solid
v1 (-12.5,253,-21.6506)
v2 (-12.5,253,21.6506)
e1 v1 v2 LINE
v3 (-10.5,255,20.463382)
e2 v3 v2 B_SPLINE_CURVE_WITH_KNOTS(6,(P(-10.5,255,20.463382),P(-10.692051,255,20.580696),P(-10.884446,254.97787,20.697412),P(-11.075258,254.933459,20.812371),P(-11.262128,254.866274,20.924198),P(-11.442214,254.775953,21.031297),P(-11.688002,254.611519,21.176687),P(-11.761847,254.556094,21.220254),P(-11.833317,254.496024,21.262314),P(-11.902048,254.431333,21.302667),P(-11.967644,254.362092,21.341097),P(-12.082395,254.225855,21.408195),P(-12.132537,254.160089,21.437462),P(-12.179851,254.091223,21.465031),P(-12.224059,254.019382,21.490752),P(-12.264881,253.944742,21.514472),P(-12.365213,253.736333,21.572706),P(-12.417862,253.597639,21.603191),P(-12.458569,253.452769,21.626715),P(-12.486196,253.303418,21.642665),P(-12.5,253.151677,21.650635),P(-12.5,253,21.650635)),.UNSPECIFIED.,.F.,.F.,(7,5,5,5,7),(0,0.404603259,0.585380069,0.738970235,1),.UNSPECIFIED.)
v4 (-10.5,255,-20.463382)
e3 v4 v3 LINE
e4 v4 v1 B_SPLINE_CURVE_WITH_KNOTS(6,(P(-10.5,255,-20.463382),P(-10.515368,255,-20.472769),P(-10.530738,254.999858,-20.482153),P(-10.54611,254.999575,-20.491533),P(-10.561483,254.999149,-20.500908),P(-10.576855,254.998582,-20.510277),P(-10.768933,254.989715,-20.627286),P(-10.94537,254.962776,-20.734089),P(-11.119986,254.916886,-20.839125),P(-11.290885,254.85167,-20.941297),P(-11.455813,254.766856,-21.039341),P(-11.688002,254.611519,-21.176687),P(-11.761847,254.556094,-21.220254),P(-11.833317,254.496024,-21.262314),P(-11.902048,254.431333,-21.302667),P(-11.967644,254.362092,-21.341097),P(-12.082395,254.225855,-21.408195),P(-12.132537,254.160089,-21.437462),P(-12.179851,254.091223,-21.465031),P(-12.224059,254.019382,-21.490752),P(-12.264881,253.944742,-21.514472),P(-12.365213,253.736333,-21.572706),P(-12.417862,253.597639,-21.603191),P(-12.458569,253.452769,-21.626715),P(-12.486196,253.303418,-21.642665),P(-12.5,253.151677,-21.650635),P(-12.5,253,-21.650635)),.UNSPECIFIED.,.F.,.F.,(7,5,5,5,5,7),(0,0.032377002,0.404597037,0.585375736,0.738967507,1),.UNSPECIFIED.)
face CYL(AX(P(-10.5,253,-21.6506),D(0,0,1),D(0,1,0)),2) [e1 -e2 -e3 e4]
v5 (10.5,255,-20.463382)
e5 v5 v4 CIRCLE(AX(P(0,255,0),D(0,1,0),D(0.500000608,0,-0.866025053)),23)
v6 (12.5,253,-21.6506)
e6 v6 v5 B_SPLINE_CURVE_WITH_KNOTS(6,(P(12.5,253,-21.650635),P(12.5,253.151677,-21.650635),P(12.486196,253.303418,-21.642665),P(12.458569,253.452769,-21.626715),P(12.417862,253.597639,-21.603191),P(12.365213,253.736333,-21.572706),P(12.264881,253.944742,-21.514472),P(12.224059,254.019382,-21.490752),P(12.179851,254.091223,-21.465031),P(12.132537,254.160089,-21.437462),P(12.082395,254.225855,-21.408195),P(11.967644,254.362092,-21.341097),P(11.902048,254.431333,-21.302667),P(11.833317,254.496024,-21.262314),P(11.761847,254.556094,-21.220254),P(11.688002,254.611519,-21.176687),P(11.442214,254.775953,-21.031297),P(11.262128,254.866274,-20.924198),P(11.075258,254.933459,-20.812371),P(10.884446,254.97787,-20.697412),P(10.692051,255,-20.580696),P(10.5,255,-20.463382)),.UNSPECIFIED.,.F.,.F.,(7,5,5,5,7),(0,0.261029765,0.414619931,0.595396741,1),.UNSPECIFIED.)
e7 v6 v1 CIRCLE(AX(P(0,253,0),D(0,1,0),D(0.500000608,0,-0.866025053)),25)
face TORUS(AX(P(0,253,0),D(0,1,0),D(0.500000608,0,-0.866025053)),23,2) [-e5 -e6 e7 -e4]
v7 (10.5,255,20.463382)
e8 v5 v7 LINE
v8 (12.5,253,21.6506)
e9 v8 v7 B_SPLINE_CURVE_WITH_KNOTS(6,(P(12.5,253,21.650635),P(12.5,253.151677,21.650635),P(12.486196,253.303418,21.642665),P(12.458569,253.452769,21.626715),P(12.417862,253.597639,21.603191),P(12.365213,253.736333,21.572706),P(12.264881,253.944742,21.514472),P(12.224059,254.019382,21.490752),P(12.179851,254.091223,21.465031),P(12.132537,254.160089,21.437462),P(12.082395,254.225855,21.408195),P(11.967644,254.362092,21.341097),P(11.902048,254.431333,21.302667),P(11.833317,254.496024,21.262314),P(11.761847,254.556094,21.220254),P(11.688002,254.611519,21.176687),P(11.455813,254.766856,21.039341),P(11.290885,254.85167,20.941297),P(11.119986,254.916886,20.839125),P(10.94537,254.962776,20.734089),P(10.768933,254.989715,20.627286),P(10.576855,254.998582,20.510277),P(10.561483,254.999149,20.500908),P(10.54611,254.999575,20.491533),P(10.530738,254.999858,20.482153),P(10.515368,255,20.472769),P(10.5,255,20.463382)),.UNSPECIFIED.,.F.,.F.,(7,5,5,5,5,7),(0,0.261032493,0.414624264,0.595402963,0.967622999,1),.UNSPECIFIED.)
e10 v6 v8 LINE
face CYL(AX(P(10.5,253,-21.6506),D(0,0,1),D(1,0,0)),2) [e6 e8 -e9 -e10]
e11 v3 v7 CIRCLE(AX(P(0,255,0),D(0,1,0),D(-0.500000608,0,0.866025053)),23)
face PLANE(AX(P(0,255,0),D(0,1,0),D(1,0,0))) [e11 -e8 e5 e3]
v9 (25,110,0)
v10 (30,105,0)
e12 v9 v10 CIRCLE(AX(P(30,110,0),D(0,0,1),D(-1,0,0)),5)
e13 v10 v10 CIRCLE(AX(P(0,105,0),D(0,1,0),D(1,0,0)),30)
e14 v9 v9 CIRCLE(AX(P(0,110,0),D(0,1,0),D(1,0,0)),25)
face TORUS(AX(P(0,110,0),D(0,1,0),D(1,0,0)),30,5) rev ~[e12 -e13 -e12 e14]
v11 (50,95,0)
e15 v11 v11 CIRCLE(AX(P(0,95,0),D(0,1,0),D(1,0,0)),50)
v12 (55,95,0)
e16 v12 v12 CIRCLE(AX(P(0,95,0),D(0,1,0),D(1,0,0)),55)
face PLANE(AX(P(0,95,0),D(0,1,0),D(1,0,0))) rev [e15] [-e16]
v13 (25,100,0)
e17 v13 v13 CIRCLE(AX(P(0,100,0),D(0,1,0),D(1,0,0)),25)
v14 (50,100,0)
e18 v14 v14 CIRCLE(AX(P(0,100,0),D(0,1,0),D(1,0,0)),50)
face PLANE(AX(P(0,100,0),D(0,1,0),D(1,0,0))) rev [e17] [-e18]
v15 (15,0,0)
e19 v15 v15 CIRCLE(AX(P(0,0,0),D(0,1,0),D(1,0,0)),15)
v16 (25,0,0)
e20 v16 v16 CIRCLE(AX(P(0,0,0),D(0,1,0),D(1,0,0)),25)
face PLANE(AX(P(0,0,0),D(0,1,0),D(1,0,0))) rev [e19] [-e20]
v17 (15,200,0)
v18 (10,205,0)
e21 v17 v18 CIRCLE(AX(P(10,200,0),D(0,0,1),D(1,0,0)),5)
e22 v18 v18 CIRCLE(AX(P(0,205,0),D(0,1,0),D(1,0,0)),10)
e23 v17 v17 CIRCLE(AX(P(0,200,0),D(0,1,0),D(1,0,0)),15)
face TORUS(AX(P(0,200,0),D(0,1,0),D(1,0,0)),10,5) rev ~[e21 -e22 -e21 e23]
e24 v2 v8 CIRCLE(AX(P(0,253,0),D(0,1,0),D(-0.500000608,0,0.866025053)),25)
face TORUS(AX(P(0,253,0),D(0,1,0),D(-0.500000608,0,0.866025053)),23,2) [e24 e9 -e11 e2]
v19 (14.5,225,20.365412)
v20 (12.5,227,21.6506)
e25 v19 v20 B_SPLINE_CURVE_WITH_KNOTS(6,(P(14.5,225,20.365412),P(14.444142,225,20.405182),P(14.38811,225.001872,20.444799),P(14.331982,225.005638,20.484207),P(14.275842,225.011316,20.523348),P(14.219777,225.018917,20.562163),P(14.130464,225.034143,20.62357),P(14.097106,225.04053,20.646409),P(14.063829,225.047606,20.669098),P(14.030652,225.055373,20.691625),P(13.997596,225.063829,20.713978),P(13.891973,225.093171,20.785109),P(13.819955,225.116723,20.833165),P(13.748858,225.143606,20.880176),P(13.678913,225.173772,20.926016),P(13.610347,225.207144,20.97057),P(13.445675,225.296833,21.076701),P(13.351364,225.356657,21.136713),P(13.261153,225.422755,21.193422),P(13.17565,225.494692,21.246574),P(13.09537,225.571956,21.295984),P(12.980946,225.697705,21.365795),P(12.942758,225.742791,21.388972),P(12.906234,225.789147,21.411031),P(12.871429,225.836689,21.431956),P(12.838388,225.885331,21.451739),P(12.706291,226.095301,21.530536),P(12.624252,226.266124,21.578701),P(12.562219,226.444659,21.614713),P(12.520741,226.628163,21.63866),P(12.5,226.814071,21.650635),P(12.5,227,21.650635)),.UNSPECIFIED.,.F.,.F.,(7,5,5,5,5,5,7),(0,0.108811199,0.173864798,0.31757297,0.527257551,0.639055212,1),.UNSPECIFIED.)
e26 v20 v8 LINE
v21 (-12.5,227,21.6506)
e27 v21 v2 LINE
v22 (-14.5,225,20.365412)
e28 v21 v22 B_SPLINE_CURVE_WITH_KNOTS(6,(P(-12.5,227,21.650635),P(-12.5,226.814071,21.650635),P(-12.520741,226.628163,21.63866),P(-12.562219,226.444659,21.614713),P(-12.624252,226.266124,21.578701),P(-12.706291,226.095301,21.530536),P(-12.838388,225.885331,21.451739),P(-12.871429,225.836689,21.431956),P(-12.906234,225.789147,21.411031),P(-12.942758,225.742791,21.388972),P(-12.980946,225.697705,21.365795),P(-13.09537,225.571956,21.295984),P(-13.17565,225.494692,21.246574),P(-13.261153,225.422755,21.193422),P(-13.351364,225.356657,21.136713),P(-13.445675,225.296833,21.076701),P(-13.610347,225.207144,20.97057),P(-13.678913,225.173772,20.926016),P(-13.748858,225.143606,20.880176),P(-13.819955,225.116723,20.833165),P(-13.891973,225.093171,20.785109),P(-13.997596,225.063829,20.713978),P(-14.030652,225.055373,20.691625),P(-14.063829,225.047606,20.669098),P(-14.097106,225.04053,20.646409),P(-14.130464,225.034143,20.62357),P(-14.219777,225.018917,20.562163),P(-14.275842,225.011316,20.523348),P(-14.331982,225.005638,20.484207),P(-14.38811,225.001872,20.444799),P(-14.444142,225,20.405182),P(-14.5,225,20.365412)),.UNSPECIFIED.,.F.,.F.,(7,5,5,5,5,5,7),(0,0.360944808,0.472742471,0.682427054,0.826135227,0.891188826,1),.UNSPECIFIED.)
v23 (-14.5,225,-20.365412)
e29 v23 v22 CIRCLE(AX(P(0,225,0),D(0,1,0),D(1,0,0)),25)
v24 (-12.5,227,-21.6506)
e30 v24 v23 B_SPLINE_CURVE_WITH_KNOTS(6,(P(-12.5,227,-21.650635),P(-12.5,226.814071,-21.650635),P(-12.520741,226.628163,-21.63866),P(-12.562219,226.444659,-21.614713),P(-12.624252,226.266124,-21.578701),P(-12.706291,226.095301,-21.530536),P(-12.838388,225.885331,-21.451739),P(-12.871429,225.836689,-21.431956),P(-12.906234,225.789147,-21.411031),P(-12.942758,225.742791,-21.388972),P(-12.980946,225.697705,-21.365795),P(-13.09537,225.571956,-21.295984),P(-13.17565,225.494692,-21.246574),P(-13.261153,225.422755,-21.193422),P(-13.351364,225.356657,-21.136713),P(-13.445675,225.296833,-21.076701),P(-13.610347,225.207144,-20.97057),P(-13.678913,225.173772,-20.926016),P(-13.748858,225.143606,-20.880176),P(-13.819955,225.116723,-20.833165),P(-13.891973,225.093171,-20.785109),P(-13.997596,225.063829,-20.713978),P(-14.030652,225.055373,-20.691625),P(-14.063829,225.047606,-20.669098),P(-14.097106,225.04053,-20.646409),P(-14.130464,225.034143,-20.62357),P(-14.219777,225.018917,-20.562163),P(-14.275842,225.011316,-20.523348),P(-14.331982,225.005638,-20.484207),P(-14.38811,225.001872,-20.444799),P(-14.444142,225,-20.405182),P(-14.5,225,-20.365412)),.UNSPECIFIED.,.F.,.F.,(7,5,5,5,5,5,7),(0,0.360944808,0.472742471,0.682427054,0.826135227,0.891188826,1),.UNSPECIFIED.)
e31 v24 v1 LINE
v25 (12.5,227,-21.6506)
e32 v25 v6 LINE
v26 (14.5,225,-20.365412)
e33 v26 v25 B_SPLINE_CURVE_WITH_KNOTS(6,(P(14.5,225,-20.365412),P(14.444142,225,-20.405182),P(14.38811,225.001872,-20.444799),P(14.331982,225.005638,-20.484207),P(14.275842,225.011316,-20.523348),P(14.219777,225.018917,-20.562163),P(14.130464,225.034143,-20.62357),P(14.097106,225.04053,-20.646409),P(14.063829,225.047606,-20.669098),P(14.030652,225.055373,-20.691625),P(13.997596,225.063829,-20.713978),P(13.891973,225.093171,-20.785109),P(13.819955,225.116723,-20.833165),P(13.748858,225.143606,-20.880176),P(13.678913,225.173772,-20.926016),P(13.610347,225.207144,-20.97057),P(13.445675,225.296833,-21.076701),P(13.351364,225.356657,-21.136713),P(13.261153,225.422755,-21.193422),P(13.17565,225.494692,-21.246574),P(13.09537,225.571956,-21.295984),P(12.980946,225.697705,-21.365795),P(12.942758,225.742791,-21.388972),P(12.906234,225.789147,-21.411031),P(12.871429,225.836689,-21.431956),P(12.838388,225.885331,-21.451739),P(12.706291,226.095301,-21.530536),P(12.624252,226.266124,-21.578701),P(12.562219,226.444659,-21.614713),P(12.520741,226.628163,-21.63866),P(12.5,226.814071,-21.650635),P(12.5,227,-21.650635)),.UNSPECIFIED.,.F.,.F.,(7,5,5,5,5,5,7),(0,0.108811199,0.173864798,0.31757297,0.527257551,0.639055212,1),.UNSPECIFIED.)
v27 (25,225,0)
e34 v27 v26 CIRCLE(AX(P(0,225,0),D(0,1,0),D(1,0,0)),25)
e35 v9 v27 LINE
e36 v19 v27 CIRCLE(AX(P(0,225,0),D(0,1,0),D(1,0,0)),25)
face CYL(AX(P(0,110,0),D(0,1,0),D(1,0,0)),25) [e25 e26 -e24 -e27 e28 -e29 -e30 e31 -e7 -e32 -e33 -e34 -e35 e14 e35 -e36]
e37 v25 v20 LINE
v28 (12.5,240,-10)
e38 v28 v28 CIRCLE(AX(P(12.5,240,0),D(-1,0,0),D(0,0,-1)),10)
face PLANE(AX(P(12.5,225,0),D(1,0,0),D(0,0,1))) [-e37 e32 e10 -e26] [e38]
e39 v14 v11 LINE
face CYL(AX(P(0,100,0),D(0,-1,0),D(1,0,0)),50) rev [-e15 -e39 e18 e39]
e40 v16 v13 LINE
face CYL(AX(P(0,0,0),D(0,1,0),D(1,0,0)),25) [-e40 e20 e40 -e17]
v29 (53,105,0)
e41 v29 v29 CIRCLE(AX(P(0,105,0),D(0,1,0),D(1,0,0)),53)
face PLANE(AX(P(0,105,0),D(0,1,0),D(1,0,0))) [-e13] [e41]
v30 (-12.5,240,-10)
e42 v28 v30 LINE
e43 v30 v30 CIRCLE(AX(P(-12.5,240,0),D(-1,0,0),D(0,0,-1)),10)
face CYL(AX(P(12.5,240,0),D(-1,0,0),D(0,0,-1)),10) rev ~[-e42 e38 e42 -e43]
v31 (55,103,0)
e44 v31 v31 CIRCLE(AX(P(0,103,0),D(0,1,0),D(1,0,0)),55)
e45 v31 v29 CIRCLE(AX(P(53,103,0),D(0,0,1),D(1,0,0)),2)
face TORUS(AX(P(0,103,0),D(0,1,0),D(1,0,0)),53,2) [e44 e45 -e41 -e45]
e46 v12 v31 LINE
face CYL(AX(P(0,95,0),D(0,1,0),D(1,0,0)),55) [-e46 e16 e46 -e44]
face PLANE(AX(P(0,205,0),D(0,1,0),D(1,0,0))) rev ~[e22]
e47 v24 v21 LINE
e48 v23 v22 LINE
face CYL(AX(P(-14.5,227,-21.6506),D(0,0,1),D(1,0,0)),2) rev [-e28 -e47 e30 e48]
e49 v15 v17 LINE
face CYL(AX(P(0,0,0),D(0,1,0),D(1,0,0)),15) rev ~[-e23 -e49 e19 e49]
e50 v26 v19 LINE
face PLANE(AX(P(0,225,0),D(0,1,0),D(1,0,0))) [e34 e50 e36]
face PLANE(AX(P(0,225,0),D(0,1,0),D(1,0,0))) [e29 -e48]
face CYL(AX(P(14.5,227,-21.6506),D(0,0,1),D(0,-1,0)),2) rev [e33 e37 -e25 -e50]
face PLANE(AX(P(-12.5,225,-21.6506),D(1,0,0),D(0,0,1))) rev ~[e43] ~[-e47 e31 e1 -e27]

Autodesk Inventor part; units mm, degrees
ref_plane "YZ Plane" through (0, 0, 0) normal (1, 0, 0) x (0, 1, 0)
ref_plane "XZ Plane" through (0, 0, 0) normal (0, 1, 0) x (-1, 0, 0)
ref_plane "XY Plane" through (0, 0, 0) normal (0, 0, 1) x (1, 0, 0)
sketch "Sketch1" plane through (0, 0, 0) normal (0, 0, 1) x (1, 0, 0)
  line L0 (15, 0) -> (25, 0)
  line L1 (25, 225) -> (0, 225)
  line L2 (0, 225) -> (0, 205)
  line L3 (25, 0) -> (25, 100)
  line L4 (25, 100) -> (50, 100)
  line L5 (50, 100) -> (50, 95)
  line L6 (50, 95) -> (55, 95)
  line L7 (55, 95) -> (55, 103)
  line L8 (53, 105) -> (30, 105)
  line L9 (25, 110) -> (25, 225)
  arc A0 (55, 103) -> (53, 105) centre (53, 103) ccw
  arc A1 (25, 110) -> (30, 105) centre (30, 110) ccw
  line L10 (0, 0) -> (0, 225)
  line L11 (15, 0) -> (15, 200)
  line L12 (10, 205) -> (0, 205)
  arc A2 (15, 200) -> (10, 205) centre (10, 200) ccw
  point P0 (20, 205)
  point P1 (55, 105)
  point P2 (25, 105)
  point P3 (15, 205)
  dimension "d1" = 10
  dimension "d2" = 225
  dimension "d3" = 20
  dimension "d4" = 20
  dimension "d6" = 100
  dimension "d7" = 25
  dimension "d8" = 5
  dimension "d9" = 5
  dimension "d10" = 10
  dimension "d11" = 2
  dimension "d12" = 5
  dimension "d28" = 205
  dimension "d29" = 5
revolve "Revolution1" add sketch "Sketch1" angle 360 about axis through (0, 0, 0) along (0, 1, 0)
sketch "Sketch2" plane through (0, 225, 0) normal (0, 1, 0) x (1, 0, 0)
  circle A0 centre (0, 0) radius 25 projected
  line L0 (-12.5, 21.6506) -> (-12.5, -21.6506)
  line L1 (12.5, 0) -> (12.5, 21.6506)
  line L2 (12.5, 21.6506) -> (12.5, -21.6506)
  arc A1 (12.5, 21.6506) -> (-12.5, 21.6506) centre (0, 0) ccw
  arc A2 (-12.5, -21.6506) -> (12.5, -21.6506) centre (0, 0) ccw
  dimension "d14" = 12.5
extrude "Extrusion1" add sketch "Sketch2" along normal blind 30 contours L1 L2 A0 L0
sketch "Sketch3" plane through (12.5, 225, 21.6506) normal (1, 0, 0) x (0, 0, -1)
  line L0 (0, 0) -> (43.3013, 0) projected
  line L1 (43.3013, 0) -> (43.3013, 30) projected
  line L2 (0, 30) -> (-3.3494, 30) projected
  circle A0 centre (21.6506, 15) radius 5
  point P0 (21.6506, -225)
  dimension "d18" = 10
hole "Hole1" at (12.5, 240, 0) direction (-1, 0, 0) diameter 20 end through all
fillet "Fillet1" radius 2 2 edges at (-12.5, 225, 0) (12.5, 225, -10.8253)
fillet "Fillet2" radius 2 4 edges at (12.5, 255, -10.8253) (-12.5, 255, 0) (0, 255, 25) (0, 255, -25)
properties part number "Hydraulic fluid shield" material "Steel, High Strength, Low Alloy"
